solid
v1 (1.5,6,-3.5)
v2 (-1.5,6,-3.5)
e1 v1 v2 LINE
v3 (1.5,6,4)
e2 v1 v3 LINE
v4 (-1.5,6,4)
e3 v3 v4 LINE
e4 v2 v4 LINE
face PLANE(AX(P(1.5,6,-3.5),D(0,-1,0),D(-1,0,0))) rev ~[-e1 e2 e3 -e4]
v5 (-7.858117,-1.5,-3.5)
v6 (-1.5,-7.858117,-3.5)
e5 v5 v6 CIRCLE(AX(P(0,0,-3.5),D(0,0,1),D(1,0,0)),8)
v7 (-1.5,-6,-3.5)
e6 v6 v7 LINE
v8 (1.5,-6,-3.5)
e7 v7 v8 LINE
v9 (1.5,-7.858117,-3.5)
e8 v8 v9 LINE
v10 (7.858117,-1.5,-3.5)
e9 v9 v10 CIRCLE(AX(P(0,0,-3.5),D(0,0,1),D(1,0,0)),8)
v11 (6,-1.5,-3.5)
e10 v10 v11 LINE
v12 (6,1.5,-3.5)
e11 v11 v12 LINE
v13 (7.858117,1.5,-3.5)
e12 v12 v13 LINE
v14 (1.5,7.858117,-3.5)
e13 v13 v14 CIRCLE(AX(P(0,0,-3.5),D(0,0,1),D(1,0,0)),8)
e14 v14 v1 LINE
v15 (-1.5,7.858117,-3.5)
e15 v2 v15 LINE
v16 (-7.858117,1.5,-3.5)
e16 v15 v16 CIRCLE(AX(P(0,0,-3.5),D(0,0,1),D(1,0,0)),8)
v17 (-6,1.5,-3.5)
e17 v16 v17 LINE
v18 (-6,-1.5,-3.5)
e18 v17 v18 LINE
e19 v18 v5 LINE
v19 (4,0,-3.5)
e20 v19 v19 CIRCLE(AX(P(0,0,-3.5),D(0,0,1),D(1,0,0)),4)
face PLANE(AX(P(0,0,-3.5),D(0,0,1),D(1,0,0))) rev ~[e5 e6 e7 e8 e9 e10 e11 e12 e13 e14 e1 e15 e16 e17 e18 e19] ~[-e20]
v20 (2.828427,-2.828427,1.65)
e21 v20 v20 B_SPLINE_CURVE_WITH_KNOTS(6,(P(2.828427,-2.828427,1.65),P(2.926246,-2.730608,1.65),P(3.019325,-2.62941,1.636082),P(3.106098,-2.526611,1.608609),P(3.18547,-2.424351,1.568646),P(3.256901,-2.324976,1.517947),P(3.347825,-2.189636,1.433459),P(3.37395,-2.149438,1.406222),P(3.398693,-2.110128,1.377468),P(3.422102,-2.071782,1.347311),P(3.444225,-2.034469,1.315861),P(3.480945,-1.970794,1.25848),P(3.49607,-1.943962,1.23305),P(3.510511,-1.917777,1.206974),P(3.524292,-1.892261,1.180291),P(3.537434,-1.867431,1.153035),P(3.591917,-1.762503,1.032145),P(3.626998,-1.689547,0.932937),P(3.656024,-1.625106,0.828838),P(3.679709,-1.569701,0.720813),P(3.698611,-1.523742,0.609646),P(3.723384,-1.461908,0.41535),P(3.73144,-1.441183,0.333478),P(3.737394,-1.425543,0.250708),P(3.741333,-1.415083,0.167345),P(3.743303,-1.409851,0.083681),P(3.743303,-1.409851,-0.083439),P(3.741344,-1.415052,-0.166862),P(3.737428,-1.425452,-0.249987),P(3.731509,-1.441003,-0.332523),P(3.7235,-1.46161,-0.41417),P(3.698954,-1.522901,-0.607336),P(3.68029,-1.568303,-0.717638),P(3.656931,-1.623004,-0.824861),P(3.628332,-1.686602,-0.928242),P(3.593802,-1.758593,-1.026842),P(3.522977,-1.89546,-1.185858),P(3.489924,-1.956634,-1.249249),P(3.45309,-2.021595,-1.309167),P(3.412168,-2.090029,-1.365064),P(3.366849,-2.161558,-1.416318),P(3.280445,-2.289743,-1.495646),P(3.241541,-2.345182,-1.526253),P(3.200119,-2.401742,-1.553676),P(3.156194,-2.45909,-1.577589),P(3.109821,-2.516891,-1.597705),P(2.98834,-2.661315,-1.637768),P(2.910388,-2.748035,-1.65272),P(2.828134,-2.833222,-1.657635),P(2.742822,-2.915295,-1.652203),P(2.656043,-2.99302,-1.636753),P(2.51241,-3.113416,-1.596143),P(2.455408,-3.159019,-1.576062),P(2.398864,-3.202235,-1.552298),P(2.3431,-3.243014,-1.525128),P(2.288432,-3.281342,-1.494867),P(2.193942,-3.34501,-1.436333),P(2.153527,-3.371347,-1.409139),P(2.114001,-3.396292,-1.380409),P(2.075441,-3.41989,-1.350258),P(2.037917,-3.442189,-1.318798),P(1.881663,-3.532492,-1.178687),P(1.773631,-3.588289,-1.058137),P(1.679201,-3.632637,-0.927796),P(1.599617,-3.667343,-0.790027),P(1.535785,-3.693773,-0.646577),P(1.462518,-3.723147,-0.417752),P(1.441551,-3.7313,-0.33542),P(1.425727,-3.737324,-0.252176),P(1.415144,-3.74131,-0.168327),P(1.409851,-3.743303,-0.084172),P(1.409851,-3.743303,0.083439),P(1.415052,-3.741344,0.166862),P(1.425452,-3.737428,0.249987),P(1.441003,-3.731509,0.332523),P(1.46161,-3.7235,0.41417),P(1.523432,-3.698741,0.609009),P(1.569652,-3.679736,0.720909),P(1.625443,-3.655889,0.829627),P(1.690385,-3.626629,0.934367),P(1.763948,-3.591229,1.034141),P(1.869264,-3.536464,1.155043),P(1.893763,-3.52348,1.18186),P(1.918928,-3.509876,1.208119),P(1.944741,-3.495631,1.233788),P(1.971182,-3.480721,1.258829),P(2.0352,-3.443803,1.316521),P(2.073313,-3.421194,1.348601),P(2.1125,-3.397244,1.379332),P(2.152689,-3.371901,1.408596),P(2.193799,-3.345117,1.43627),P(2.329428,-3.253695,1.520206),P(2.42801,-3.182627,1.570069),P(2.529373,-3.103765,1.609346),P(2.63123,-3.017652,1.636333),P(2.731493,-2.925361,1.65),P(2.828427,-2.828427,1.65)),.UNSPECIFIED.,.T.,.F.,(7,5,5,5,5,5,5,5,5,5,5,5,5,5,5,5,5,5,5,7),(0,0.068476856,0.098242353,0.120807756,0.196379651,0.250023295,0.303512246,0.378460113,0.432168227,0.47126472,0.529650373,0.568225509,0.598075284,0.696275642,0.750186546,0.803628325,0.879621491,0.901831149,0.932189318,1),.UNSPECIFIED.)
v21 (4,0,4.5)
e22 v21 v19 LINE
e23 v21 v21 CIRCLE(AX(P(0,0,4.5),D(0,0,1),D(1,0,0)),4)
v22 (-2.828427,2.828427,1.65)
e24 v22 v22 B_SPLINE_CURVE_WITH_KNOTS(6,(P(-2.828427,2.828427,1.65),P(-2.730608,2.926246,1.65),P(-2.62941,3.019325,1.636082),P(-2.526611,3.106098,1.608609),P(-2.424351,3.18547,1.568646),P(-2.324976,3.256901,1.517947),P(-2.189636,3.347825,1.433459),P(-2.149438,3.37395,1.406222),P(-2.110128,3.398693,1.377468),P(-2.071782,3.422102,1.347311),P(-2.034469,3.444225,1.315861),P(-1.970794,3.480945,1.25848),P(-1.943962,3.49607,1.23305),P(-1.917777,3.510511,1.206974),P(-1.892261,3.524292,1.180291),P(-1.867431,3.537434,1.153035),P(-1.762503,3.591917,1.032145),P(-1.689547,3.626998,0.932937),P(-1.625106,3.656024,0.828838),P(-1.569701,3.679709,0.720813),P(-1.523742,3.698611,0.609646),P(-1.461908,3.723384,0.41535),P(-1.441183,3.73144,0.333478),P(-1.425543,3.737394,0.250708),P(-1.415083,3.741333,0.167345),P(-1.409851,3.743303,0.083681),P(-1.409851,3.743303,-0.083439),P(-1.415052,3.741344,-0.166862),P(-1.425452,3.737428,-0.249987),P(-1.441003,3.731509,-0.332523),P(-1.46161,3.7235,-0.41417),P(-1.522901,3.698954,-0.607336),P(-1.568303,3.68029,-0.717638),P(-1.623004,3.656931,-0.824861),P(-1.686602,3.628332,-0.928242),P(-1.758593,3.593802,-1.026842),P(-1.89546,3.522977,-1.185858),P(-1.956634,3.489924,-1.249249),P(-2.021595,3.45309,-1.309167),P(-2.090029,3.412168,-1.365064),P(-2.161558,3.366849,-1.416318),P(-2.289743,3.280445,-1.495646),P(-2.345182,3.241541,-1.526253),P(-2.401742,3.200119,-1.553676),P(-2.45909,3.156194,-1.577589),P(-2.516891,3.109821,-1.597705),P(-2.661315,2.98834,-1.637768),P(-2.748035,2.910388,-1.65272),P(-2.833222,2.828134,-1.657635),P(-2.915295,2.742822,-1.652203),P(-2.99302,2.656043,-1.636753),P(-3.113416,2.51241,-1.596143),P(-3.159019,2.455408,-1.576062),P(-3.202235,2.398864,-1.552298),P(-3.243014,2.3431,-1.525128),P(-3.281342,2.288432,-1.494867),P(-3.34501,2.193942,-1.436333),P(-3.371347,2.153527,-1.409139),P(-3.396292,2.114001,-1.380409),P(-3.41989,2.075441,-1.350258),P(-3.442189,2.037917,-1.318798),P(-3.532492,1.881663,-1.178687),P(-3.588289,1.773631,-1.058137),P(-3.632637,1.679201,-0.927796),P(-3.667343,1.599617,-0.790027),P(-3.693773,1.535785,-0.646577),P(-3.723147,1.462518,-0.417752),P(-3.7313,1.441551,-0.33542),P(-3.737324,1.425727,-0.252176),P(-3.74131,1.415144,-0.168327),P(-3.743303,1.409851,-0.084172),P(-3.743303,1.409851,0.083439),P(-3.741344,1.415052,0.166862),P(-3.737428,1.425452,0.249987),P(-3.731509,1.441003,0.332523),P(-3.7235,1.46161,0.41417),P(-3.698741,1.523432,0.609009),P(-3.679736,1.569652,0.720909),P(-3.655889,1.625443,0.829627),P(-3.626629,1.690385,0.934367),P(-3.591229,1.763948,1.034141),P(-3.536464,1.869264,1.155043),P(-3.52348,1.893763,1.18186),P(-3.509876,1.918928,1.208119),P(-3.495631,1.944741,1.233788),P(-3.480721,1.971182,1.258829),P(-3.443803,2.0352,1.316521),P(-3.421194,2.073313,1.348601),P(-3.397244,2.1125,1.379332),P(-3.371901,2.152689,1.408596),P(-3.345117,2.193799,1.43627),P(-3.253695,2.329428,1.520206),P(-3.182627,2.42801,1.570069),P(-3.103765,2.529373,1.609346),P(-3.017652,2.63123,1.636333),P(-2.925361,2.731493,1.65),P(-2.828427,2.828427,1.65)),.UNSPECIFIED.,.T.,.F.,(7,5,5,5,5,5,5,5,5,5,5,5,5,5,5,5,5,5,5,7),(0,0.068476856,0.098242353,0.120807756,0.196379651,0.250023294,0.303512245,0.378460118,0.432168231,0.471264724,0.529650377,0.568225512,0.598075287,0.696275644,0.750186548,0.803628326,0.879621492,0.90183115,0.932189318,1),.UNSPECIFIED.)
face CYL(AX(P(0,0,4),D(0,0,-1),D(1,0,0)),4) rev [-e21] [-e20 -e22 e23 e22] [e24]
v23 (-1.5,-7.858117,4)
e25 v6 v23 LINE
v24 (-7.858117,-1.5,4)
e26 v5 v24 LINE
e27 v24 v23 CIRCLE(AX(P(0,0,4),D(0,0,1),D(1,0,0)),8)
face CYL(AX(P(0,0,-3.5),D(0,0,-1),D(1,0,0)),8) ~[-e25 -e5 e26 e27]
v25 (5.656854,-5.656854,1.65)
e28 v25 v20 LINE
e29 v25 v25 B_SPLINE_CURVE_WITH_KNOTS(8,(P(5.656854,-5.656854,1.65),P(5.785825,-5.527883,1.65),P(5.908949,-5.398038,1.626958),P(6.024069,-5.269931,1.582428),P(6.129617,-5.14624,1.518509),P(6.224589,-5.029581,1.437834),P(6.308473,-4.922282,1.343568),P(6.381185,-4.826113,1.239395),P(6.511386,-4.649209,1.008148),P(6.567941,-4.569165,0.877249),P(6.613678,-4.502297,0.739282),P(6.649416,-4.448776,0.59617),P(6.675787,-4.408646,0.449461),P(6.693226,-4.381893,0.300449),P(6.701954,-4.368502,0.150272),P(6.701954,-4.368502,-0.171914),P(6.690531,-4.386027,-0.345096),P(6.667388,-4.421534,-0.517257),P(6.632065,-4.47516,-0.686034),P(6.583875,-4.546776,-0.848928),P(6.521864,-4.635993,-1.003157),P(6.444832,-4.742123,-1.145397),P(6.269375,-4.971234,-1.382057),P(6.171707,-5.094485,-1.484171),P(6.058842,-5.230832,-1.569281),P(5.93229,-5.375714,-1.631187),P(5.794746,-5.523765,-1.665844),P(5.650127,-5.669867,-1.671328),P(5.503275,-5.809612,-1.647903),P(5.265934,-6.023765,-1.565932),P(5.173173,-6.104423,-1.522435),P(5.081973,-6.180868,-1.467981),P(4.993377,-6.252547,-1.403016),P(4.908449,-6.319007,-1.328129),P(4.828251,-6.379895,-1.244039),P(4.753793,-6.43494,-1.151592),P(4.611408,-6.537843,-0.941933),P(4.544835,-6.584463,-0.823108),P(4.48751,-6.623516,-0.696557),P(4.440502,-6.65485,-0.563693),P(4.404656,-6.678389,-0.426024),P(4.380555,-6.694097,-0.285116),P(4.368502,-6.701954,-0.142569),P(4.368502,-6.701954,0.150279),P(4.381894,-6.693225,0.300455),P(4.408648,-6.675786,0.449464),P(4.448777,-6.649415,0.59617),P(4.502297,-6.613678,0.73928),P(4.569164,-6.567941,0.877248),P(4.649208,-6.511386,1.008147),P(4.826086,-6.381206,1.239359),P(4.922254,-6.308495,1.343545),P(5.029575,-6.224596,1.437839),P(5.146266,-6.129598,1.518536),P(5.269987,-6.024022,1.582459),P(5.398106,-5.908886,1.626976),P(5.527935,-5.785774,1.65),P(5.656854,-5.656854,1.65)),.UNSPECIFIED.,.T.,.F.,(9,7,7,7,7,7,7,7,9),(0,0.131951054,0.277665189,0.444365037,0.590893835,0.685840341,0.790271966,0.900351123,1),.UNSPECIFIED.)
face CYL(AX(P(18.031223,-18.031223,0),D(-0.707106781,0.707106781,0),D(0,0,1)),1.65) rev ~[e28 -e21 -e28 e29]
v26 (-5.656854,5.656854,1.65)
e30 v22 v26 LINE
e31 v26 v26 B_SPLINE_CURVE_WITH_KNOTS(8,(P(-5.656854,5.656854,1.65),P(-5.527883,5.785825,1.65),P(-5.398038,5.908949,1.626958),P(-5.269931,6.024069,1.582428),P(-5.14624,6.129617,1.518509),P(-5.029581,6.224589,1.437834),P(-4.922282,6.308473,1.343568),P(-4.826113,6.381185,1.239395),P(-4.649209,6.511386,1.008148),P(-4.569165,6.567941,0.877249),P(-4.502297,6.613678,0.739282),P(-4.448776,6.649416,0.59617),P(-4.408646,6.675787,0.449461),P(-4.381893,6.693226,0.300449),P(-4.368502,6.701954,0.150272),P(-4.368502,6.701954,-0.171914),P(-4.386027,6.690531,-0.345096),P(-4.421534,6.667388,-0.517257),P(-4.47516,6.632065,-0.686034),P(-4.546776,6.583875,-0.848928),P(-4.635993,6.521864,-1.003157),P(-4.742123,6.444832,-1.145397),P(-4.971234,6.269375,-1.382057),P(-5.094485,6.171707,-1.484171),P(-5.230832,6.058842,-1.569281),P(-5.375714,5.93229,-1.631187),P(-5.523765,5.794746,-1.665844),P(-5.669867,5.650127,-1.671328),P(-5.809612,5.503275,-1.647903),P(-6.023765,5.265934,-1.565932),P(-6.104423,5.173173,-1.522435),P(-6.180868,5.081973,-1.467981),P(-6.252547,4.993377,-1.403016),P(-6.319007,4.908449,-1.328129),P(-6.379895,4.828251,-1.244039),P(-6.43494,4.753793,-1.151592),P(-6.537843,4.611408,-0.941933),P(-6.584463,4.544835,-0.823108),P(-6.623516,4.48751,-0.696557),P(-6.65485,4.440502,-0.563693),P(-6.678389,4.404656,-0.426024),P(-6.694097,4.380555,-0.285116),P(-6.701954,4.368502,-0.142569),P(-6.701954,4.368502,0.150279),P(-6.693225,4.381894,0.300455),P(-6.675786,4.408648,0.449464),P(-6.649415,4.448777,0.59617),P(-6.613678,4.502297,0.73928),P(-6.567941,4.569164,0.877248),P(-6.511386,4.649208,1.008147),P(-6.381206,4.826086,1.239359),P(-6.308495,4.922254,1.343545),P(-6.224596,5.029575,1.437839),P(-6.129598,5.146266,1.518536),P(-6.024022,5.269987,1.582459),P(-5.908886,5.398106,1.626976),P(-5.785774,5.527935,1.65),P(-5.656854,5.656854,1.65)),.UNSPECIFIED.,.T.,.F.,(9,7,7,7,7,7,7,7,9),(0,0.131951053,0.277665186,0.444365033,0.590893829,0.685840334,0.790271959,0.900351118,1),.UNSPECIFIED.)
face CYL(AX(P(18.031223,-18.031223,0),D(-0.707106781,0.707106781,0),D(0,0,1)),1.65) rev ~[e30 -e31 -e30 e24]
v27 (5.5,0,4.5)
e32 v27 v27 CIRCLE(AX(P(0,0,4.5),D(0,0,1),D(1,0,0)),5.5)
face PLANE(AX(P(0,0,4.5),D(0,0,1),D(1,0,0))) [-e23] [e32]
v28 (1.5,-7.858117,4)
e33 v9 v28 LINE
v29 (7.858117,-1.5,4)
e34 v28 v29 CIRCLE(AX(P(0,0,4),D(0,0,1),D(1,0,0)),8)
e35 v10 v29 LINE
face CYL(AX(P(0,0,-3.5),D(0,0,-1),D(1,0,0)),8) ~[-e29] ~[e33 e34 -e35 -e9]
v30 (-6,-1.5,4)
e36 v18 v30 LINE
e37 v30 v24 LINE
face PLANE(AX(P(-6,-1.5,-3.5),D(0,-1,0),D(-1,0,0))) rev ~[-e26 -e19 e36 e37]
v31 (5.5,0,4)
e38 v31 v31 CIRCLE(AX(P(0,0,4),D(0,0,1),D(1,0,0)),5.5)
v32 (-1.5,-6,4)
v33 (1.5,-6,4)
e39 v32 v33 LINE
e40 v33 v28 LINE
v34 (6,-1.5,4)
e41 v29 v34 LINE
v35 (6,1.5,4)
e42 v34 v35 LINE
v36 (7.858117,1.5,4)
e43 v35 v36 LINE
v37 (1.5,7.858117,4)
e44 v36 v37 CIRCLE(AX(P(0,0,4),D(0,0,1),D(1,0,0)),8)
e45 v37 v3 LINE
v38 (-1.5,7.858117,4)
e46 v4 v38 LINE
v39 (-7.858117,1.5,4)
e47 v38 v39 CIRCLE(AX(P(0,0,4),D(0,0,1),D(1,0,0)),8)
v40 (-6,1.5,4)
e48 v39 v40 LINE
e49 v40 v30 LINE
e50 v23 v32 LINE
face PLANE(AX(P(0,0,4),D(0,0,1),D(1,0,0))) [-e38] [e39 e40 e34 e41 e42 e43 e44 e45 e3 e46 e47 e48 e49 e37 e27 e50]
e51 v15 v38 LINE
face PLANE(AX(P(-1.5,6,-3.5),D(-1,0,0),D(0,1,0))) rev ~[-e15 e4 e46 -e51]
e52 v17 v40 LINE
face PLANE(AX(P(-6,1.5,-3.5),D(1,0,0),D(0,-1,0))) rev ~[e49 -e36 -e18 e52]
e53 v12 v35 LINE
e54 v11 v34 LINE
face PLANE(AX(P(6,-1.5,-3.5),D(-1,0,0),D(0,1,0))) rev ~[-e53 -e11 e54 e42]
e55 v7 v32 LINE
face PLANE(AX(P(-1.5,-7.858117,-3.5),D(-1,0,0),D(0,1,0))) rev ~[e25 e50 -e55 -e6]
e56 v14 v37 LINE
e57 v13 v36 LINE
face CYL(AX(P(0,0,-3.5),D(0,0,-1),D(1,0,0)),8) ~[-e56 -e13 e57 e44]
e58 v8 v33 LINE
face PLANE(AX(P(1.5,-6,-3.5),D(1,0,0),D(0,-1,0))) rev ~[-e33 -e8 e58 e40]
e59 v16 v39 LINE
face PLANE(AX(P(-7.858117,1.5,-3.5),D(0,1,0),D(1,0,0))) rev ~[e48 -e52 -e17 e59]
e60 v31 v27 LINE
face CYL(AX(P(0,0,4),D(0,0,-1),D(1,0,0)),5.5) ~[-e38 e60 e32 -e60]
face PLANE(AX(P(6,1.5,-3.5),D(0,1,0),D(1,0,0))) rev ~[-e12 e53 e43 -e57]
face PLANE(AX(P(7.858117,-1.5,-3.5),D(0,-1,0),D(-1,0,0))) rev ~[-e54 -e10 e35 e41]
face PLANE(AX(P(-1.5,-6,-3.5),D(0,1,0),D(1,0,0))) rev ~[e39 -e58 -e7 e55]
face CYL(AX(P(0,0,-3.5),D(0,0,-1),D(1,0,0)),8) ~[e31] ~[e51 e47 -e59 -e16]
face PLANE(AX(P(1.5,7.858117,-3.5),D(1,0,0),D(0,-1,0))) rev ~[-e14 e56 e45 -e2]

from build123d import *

# Parameters (mm, degrees)
EXTRUDE_START          = -3.5
SKETCH_1_R             = 8
SKETCH_1_R_2           = 4
EXTRUDE_1_DEPTH        = 7.5
SKETCH_2_R             = 5.5
SKETCH_2_R_2           = 4
EXTRUDE_2_DEPTH        = 0.5
CUT_EXTRUDE_1_DEPTH    = 7.5
HOLE_WIZARD_M4_1_D     = 3.3
HOLE_WIZARD_M4_1_DEPTH = 17.5
HOLE_WIZARD_M4_1_TIP   = 0.991420021


with BuildPart() as part:
    # 草图1 → 凸台-拉伸1 (new body)
    with BuildSketch(Plane.XY.offset(EXTRUDE_START)):
        Circle(SKETCH_1_R)
        Circle(SKETCH_1_R_2, mode=Mode.SUBTRACT)
    extrude(amount=EXTRUDE_1_DEPTH)

    # 草图2 → 凸台-拉伸2 (add)
    with BuildSketch(Plane.XY.offset(4)):
        Circle(SKETCH_2_R)
        Circle(SKETCH_2_R_2, mode=Mode.SUBTRACT)
    extrude(amount=EXTRUDE_2_DEPTH)

    # 草图3 → 切除-拉伸1 (cut)
    with BuildSketch(Plane(origin=(0, 0, -3.5), x_dir=(-1, 0, 0), z_dir=(0, 0, -1))):
        with BuildLine():
            Line((-7.858116823, -1.5), (-6, -1.5))
            Line((-6, -1.5), (-6, 1.5))
            Line((-6, 1.5), (-7.858116823, 1.5))
            ThreePointArc((-7.858116823, 1.5), (-8, 0), (-7.858116823, -1.5))
        make_face()
        with BuildLine():
            Line((1.5, -7.858116823), (1.5, -6))
            Line((1.5, -6), (-1.5, -6))
            Line((-1.5, -6), (-1.5, -7.858116823))
            ThreePointArc((-1.5, -7.858116823), (0, -8), (1.5, -7.858116823))
        make_face()
        with BuildLine():
            Line((-1.5, 6), (1.5, 6))
            Line((1.5, 6), (1.5, 7.858116823))
            ThreePointArc((1.5, 7.858116823), (0, 8), (-1.5, 7.858116823))
            Line((-1.5, 7.858116823), (-1.5, 6))
        make_face()
        with BuildLine():
            Line((6, -1.5), (7.858116823, -1.5))
            ThreePointArc((7.858116823, -1.5), (8, 0), (7.858116823, 1.5))
            Line((7.858116823, 1.5), (6, 1.5))
            Line((6, 1.5), (6, -1.5))
        make_face()
    extrude(amount=-CUT_EXTRUDE_1_DEPTH, mode=Mode.SUBTRACT)

    # M4 螺纹孔1
    with Locations(Plane(origin=(5.656854249, -5.656854249, 0), x_dir=(0, 0, -1), z_dir=(0.7071067811865464, -0.7071067811865488, 0))):
        with Locations((0, 0)):
            Hole(HOLE_WIZARD_M4_1_D / 2, depth=HOLE_WIZARD_M4_1_DEPTH)
            with Locations((0, 0, -(HOLE_WIZARD_M4_1_DEPTH + HOLE_WIZARD_M4_1_TIP / 2))):  # 118° drill point
                Cone(0, HOLE_WIZARD_M4_1_D / 2, HOLE_WIZARD_M4_1_TIP, mode=Mode.SUBTRACT)


solid = part.part
